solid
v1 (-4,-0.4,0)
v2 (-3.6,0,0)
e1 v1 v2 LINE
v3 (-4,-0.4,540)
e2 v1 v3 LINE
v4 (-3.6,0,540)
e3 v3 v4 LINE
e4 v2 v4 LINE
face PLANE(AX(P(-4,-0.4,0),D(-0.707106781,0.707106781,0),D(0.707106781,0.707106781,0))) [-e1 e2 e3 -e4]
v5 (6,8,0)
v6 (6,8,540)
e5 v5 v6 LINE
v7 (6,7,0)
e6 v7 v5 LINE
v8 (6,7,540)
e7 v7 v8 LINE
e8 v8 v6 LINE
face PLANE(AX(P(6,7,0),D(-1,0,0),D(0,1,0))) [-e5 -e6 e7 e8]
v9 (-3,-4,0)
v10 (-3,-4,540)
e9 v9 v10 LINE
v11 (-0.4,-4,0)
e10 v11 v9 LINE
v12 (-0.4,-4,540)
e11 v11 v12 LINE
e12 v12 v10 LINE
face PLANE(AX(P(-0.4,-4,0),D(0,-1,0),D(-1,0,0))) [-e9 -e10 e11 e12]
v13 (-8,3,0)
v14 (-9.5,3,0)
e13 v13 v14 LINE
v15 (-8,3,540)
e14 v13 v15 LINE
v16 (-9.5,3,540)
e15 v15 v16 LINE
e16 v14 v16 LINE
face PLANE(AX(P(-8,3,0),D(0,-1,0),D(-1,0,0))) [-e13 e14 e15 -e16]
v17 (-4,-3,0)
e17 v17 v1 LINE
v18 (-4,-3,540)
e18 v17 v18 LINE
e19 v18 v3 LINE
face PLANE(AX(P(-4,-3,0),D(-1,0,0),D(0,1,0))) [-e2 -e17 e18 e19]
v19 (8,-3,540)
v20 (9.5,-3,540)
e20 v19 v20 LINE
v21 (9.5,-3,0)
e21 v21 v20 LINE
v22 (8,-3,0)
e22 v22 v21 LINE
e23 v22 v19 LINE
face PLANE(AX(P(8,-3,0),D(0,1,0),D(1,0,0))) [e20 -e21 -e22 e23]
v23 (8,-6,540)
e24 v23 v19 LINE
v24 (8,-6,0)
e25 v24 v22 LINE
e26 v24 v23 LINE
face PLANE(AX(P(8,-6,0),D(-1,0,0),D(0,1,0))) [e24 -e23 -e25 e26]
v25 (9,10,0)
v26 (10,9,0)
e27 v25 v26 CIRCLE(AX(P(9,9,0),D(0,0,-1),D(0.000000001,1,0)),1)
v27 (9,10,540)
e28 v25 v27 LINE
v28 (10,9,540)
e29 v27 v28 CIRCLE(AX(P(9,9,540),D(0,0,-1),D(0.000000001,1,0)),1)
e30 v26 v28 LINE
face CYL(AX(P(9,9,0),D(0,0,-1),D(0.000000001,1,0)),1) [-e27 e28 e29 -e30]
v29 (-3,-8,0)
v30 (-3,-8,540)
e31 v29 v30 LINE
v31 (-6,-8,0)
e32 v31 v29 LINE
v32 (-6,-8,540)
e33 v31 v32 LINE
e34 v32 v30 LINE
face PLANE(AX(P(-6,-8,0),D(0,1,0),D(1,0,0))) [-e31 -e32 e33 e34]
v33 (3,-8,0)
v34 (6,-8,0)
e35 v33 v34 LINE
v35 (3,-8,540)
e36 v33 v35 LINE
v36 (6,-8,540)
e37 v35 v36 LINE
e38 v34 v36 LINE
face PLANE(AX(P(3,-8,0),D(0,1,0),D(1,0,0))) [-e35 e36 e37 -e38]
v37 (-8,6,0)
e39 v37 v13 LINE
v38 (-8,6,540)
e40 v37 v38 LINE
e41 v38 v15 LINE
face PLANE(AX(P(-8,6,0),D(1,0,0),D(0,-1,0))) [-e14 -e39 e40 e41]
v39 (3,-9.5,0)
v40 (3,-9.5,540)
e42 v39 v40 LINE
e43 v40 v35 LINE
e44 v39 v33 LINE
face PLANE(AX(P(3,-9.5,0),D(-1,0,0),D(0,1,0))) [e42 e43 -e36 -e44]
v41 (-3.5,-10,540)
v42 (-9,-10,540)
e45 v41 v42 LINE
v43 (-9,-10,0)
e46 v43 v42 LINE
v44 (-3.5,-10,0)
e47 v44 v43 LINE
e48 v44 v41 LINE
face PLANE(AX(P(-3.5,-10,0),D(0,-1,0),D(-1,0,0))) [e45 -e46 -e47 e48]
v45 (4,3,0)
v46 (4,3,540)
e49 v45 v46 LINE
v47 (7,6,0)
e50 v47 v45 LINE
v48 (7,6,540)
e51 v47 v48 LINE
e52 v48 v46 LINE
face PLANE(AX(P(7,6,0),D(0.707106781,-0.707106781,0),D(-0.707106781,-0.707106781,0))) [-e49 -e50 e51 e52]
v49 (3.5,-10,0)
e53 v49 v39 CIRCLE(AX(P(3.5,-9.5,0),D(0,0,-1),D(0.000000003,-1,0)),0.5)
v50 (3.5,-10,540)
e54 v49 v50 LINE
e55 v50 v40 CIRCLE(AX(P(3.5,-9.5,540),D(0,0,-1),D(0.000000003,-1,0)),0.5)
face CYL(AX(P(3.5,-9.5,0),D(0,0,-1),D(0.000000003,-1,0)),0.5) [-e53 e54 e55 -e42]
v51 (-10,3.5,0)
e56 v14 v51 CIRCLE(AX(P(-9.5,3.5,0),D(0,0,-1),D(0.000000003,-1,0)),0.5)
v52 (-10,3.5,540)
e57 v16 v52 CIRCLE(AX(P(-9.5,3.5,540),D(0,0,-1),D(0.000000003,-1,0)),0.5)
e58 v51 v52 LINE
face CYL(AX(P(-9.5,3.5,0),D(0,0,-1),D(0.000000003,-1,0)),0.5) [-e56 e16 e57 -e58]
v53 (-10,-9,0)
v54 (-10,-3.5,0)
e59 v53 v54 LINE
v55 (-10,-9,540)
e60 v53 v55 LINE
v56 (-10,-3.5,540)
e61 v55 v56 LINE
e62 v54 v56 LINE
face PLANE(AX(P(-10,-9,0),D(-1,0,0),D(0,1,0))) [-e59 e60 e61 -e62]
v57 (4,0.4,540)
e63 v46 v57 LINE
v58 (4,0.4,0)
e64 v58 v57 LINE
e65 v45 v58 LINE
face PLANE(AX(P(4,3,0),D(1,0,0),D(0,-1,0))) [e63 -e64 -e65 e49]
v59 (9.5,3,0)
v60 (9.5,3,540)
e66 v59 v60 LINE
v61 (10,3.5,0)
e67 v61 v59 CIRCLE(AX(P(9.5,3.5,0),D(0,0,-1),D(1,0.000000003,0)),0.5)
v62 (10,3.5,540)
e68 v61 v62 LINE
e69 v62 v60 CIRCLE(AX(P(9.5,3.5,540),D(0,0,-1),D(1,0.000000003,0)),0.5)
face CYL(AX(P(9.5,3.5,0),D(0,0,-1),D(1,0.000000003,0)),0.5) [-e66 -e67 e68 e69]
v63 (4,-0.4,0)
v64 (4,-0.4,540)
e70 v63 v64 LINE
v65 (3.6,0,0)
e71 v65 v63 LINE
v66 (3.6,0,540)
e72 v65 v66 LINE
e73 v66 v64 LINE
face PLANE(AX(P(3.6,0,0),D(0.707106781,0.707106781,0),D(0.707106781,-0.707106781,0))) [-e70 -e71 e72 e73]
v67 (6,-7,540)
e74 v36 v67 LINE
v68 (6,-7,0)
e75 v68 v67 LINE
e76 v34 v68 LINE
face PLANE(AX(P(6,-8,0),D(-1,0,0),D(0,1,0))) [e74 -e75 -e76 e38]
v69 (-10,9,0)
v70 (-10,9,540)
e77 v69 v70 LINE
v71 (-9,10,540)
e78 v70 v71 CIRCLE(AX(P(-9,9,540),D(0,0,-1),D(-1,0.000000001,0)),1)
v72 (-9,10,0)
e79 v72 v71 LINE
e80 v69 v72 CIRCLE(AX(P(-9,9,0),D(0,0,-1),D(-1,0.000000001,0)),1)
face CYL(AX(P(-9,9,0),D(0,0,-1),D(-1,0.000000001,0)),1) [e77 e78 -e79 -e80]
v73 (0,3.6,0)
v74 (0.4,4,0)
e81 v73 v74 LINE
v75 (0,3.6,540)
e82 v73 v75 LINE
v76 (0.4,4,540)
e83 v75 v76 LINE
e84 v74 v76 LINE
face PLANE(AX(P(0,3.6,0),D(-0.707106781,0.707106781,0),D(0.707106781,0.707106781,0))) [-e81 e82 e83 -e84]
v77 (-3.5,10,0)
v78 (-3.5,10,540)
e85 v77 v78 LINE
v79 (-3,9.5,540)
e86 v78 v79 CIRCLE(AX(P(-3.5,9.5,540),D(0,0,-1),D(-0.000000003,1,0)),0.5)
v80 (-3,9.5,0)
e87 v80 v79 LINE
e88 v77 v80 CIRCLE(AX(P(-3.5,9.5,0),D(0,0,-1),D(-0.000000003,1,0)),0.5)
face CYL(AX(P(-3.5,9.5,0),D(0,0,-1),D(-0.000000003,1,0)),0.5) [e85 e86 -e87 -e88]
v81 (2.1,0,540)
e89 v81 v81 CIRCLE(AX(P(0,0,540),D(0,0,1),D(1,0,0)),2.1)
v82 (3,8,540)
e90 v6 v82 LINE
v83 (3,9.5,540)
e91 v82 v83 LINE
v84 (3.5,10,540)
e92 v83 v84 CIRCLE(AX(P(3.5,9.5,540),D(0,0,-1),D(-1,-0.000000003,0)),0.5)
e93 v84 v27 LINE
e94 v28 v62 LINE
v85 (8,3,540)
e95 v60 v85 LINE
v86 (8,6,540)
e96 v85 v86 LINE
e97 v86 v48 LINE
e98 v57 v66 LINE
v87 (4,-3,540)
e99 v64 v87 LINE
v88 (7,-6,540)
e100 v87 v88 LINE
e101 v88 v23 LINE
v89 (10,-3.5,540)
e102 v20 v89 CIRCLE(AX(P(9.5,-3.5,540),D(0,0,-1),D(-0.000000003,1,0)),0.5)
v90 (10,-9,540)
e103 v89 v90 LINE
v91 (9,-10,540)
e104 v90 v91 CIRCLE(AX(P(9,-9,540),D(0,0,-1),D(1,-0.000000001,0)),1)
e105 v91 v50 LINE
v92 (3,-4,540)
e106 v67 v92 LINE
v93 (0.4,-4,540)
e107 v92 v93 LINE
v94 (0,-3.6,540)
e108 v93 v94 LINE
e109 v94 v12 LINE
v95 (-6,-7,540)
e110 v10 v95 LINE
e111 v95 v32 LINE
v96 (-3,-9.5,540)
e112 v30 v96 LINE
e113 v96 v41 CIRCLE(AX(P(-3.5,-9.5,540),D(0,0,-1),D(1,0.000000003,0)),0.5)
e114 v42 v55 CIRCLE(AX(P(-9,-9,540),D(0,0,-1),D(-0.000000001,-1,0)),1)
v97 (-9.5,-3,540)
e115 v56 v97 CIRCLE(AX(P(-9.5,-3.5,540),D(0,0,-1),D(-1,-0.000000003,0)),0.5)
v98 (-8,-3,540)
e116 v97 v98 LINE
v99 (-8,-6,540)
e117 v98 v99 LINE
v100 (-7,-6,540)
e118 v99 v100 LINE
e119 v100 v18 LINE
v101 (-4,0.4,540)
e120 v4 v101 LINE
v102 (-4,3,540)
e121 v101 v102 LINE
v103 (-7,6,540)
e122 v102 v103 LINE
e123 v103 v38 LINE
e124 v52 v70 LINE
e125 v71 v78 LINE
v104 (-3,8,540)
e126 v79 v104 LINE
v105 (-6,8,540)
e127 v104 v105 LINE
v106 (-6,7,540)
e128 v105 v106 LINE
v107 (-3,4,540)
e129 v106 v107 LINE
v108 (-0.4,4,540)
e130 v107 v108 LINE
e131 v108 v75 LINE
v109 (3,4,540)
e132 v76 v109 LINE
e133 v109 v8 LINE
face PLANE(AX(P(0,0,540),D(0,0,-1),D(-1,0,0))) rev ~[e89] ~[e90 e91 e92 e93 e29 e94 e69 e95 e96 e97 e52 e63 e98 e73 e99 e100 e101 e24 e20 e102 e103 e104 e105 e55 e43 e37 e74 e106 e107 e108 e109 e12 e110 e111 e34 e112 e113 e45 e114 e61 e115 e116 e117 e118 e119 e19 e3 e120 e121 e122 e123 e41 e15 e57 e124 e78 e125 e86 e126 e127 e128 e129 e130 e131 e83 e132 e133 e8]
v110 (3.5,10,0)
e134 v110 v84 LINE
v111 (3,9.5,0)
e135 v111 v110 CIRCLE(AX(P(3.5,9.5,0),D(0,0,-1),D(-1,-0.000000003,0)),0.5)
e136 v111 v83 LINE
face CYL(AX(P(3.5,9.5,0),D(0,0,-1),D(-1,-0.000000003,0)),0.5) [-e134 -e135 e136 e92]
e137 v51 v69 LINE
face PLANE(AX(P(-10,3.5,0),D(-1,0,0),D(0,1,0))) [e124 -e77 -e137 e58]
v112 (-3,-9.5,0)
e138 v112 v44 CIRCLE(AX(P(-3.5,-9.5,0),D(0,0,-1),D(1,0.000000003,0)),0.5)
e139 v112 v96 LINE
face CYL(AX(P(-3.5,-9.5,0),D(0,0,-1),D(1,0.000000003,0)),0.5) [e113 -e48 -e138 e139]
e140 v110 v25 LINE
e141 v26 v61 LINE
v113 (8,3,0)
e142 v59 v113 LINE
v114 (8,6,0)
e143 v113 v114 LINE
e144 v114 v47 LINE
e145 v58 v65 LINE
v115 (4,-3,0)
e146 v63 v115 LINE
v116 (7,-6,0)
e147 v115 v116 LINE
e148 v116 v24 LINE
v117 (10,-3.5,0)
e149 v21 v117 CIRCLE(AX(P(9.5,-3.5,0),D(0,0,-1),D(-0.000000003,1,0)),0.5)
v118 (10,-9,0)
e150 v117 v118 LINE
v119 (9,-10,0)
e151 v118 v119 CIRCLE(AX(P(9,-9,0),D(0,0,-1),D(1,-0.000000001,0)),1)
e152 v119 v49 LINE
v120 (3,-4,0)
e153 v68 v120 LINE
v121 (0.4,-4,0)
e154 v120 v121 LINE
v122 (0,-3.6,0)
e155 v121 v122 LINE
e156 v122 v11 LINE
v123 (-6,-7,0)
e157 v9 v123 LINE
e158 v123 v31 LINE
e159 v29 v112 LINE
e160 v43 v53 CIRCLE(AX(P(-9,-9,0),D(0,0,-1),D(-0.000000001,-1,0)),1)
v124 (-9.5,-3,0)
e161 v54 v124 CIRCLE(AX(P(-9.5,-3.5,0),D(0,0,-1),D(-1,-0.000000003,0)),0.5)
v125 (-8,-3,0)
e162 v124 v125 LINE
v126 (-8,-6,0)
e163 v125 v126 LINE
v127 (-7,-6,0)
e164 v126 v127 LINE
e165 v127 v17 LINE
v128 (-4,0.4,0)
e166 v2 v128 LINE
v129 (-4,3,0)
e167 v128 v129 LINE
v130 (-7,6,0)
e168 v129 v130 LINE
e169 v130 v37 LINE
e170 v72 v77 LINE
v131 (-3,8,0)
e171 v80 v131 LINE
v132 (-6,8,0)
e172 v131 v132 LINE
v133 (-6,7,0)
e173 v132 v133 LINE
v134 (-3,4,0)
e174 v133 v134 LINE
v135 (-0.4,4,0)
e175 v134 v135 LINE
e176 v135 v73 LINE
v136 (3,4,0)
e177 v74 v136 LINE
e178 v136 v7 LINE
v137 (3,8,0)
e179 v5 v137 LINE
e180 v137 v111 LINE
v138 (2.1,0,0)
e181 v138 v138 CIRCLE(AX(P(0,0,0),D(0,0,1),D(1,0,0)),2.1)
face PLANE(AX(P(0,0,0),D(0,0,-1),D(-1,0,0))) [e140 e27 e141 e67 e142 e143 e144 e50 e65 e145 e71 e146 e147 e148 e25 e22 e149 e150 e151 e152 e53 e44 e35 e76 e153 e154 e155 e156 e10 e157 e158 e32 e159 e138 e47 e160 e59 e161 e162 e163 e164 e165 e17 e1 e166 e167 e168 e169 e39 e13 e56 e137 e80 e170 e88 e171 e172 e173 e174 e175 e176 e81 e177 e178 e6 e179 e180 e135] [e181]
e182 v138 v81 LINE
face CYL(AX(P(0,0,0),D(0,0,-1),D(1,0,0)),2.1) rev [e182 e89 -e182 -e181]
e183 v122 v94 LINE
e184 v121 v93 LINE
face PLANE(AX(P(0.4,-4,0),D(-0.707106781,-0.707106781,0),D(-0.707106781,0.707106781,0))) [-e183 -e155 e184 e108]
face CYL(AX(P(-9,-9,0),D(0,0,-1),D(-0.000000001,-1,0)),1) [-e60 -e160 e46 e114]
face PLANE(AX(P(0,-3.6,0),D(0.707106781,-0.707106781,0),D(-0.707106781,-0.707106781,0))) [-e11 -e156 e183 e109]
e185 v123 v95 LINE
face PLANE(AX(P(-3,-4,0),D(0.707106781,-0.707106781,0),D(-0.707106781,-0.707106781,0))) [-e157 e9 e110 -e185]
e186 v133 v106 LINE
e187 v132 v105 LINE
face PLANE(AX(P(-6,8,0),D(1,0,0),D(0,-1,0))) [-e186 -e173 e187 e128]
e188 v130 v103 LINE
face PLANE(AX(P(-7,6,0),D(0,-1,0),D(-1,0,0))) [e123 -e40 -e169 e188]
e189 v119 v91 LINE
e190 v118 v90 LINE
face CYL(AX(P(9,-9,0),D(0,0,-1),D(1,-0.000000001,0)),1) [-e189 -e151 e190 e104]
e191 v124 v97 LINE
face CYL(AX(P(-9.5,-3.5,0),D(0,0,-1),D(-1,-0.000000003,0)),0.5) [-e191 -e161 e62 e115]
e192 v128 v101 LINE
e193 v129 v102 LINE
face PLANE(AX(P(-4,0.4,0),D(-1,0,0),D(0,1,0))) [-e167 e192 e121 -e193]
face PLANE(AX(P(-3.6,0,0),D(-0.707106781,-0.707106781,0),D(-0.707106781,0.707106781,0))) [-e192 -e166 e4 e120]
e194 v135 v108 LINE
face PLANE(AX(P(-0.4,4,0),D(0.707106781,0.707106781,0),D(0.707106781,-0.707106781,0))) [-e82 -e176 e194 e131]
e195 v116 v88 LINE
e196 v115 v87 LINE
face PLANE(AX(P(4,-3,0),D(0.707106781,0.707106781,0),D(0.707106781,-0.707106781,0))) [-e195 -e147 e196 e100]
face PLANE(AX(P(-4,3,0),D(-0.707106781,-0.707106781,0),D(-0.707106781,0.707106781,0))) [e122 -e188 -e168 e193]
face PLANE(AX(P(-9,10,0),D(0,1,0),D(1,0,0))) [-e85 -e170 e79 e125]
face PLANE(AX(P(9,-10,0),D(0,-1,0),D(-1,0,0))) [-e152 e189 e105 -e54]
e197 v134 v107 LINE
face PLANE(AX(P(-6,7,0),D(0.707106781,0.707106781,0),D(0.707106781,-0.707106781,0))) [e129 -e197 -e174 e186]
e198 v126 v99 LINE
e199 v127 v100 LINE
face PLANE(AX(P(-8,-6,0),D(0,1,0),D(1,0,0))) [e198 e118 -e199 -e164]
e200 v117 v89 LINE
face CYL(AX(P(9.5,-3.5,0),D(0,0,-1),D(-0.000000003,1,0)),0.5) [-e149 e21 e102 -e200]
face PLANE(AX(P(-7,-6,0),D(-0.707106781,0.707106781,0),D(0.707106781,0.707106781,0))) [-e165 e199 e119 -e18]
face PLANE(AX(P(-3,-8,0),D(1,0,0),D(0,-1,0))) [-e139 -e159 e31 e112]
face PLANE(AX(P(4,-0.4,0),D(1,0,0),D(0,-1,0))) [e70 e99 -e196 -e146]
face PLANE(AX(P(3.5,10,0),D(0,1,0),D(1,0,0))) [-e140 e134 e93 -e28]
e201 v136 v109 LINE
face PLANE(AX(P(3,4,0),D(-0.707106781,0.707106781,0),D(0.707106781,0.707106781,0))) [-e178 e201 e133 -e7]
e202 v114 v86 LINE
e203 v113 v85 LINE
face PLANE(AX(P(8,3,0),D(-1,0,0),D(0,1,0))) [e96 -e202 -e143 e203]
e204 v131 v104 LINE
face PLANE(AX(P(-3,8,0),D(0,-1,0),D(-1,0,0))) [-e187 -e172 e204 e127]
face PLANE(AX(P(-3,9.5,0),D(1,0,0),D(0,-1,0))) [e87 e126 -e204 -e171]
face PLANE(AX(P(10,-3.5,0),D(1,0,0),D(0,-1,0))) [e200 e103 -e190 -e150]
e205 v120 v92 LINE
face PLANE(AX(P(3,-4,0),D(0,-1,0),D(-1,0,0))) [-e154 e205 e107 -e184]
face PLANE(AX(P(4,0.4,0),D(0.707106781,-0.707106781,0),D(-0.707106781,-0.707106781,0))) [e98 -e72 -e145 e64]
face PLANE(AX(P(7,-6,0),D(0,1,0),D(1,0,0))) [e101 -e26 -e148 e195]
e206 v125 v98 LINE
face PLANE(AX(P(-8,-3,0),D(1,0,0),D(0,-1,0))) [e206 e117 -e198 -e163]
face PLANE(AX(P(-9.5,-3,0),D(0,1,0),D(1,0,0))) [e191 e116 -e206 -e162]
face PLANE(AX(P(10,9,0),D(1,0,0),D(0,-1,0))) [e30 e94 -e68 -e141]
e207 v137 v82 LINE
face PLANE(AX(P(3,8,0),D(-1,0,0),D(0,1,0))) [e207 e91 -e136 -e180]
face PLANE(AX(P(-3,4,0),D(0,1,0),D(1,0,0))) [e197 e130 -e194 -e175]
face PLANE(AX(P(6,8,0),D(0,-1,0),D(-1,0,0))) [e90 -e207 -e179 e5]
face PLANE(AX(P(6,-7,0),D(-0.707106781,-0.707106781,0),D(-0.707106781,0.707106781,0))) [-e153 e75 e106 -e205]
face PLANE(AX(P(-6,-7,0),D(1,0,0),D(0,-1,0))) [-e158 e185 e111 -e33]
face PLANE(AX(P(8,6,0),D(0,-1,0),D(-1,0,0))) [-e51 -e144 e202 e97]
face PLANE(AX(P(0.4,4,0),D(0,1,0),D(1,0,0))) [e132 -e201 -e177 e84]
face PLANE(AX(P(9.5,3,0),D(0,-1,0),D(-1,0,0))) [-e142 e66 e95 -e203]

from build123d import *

# Parameters (mm, degrees)
SCHIZZO1_R                   = 2.1
ESTRUSIONE_ESTRUSIONE1_DEPTH = 540


with BuildPart() as part:
    # Schizzo1 → Estrusione-Estrusione1 (new body)
    with BuildSketch(Plane.XY):
        with BuildLine():
            Line((-3.6, 0), (-4, 0.4))
            Line((-4, 0.4), (-4, 3))
            Line((-4, 3), (-7, 6))
            Line((-7, 6), (-8, 6))
            Line((-8, 6), (-8, 3))
            Line((-8, 3), (-9.5, 3))
            ThreePointArc((-9.5, 3), (-9.853553391, 3.146446609), (-10, 3.5))
            Line((-10, 3.5), (-10, 9))
            ThreePointArc((-10, 9), (-9.707106781, 9.707106781), (-9, 10))
            Line((-9, 10), (-3.5, 10))
            ThreePointArc((-3.5, 10), (-3.146446609, 9.853553391), (-3, 9.5))
            Line((-3, 9.5), (-3, 8))
            Line((-3, 8), (-6, 8))
            Line((-6, 8), (-6, 7))
            Line((-6, 7), (-3, 4))
            Line((-3, 4), (-0.4, 4))
            Line((-0.4, 4), (0, 3.6))
            Line((0, 3.6), (0.4, 4))
            Line((0.4, 4), (3, 4))
            Line((3, 4), (6, 7))
            Line((6, 7), (6, 8))
            Line((6, 8), (3, 8))
            Line((3, 8), (3, 9.5))
            ThreePointArc((3, 9.5), (3.146446609, 9.853553391), (3.5, 10))
            Line((3.5, 10), (9, 10))
            ThreePointArc((9, 10), (9.707106781, 9.707106781), (10, 9))
            Line((10, 9), (10, 3.5))
            ThreePointArc((10, 3.5), (9.853553391, 3.146446609), (9.5, 3))
            Line((9.5, 3), (8, 3))
            Line((8, 3), (8, 6))
            Line((8, 6), (7, 6))
            Line((7, 6), (4, 3))
            Line((4, 3), (4, 0.4))
            Line((4, 0.4), (3.6, 0))
            Line((3.6, 0), (4, -0.4))
            Line((4, -0.4), (4, -3))
            Line((4, -3), (7, -6))
            Line((7, -6), (8, -6))
            Line((8, -6), (8, -3))
            Line((8, -3), (9.5, -3))
            ThreePointArc((9.5, -3), (9.853553391, -3.146446609), (10, -3.5))
            Line((10, -3.5), (10, -9))
            ThreePointArc((10, -9), (9.707106781, -9.707106781), (9, -10))
            Line((9, -10), (3.5, -10))
            ThreePointArc((3.5, -10), (3.146446609, -9.853553391), (3, -9.5))
            Line((3, -9.5), (3, -8))
            Line((3, -8), (6, -8))
            Line((6, -8), (6, -7))
            Line((6, -7), (3, -4))
            Line((3, -4), (0.4, -4))
            Line((0.4, -4), (0, -3.6))
            Line((0, -3.6), (-0.4, -4))
            Line((-0.4, -4), (-3, -4))
            Line((-3, -4), (-6, -7))
            Line((-6, -7), (-6, -8))
            Line((-6, -8), (-3, -8))
            Line((-3, -8), (-3, -9.5))
            ThreePointArc((-3, -9.5), (-3.146446609, -9.853553391), (-3.5, -10))
            Line((-3.5, -10), (-9, -10))
            ThreePointArc((-9, -10), (-9.707106781, -9.707106781), (-10, -9))
            Line((-10, -9), (-10, -3.5))
            ThreePointArc((-10, -3.5), (-9.853553391, -3.146446609), (-9.5, -3))
            Line((-9.5, -3), (-8, -3))
            Line((-8, -3), (-8, -6))
            Line((-8, -6), (-7, -6))
            Line((-7, -6), (-4, -3))
            Line((-4, -3), (-4, -0.4))
            Line((-4, -0.4), (-3.6, 0))
        make_face()
        Circle(SCHIZZO1_R, mode=Mode.SUBTRACT)
    extrude(amount=ESTRUSIONE_ESTRUSIONE1_DEPTH)


solid = part.part
